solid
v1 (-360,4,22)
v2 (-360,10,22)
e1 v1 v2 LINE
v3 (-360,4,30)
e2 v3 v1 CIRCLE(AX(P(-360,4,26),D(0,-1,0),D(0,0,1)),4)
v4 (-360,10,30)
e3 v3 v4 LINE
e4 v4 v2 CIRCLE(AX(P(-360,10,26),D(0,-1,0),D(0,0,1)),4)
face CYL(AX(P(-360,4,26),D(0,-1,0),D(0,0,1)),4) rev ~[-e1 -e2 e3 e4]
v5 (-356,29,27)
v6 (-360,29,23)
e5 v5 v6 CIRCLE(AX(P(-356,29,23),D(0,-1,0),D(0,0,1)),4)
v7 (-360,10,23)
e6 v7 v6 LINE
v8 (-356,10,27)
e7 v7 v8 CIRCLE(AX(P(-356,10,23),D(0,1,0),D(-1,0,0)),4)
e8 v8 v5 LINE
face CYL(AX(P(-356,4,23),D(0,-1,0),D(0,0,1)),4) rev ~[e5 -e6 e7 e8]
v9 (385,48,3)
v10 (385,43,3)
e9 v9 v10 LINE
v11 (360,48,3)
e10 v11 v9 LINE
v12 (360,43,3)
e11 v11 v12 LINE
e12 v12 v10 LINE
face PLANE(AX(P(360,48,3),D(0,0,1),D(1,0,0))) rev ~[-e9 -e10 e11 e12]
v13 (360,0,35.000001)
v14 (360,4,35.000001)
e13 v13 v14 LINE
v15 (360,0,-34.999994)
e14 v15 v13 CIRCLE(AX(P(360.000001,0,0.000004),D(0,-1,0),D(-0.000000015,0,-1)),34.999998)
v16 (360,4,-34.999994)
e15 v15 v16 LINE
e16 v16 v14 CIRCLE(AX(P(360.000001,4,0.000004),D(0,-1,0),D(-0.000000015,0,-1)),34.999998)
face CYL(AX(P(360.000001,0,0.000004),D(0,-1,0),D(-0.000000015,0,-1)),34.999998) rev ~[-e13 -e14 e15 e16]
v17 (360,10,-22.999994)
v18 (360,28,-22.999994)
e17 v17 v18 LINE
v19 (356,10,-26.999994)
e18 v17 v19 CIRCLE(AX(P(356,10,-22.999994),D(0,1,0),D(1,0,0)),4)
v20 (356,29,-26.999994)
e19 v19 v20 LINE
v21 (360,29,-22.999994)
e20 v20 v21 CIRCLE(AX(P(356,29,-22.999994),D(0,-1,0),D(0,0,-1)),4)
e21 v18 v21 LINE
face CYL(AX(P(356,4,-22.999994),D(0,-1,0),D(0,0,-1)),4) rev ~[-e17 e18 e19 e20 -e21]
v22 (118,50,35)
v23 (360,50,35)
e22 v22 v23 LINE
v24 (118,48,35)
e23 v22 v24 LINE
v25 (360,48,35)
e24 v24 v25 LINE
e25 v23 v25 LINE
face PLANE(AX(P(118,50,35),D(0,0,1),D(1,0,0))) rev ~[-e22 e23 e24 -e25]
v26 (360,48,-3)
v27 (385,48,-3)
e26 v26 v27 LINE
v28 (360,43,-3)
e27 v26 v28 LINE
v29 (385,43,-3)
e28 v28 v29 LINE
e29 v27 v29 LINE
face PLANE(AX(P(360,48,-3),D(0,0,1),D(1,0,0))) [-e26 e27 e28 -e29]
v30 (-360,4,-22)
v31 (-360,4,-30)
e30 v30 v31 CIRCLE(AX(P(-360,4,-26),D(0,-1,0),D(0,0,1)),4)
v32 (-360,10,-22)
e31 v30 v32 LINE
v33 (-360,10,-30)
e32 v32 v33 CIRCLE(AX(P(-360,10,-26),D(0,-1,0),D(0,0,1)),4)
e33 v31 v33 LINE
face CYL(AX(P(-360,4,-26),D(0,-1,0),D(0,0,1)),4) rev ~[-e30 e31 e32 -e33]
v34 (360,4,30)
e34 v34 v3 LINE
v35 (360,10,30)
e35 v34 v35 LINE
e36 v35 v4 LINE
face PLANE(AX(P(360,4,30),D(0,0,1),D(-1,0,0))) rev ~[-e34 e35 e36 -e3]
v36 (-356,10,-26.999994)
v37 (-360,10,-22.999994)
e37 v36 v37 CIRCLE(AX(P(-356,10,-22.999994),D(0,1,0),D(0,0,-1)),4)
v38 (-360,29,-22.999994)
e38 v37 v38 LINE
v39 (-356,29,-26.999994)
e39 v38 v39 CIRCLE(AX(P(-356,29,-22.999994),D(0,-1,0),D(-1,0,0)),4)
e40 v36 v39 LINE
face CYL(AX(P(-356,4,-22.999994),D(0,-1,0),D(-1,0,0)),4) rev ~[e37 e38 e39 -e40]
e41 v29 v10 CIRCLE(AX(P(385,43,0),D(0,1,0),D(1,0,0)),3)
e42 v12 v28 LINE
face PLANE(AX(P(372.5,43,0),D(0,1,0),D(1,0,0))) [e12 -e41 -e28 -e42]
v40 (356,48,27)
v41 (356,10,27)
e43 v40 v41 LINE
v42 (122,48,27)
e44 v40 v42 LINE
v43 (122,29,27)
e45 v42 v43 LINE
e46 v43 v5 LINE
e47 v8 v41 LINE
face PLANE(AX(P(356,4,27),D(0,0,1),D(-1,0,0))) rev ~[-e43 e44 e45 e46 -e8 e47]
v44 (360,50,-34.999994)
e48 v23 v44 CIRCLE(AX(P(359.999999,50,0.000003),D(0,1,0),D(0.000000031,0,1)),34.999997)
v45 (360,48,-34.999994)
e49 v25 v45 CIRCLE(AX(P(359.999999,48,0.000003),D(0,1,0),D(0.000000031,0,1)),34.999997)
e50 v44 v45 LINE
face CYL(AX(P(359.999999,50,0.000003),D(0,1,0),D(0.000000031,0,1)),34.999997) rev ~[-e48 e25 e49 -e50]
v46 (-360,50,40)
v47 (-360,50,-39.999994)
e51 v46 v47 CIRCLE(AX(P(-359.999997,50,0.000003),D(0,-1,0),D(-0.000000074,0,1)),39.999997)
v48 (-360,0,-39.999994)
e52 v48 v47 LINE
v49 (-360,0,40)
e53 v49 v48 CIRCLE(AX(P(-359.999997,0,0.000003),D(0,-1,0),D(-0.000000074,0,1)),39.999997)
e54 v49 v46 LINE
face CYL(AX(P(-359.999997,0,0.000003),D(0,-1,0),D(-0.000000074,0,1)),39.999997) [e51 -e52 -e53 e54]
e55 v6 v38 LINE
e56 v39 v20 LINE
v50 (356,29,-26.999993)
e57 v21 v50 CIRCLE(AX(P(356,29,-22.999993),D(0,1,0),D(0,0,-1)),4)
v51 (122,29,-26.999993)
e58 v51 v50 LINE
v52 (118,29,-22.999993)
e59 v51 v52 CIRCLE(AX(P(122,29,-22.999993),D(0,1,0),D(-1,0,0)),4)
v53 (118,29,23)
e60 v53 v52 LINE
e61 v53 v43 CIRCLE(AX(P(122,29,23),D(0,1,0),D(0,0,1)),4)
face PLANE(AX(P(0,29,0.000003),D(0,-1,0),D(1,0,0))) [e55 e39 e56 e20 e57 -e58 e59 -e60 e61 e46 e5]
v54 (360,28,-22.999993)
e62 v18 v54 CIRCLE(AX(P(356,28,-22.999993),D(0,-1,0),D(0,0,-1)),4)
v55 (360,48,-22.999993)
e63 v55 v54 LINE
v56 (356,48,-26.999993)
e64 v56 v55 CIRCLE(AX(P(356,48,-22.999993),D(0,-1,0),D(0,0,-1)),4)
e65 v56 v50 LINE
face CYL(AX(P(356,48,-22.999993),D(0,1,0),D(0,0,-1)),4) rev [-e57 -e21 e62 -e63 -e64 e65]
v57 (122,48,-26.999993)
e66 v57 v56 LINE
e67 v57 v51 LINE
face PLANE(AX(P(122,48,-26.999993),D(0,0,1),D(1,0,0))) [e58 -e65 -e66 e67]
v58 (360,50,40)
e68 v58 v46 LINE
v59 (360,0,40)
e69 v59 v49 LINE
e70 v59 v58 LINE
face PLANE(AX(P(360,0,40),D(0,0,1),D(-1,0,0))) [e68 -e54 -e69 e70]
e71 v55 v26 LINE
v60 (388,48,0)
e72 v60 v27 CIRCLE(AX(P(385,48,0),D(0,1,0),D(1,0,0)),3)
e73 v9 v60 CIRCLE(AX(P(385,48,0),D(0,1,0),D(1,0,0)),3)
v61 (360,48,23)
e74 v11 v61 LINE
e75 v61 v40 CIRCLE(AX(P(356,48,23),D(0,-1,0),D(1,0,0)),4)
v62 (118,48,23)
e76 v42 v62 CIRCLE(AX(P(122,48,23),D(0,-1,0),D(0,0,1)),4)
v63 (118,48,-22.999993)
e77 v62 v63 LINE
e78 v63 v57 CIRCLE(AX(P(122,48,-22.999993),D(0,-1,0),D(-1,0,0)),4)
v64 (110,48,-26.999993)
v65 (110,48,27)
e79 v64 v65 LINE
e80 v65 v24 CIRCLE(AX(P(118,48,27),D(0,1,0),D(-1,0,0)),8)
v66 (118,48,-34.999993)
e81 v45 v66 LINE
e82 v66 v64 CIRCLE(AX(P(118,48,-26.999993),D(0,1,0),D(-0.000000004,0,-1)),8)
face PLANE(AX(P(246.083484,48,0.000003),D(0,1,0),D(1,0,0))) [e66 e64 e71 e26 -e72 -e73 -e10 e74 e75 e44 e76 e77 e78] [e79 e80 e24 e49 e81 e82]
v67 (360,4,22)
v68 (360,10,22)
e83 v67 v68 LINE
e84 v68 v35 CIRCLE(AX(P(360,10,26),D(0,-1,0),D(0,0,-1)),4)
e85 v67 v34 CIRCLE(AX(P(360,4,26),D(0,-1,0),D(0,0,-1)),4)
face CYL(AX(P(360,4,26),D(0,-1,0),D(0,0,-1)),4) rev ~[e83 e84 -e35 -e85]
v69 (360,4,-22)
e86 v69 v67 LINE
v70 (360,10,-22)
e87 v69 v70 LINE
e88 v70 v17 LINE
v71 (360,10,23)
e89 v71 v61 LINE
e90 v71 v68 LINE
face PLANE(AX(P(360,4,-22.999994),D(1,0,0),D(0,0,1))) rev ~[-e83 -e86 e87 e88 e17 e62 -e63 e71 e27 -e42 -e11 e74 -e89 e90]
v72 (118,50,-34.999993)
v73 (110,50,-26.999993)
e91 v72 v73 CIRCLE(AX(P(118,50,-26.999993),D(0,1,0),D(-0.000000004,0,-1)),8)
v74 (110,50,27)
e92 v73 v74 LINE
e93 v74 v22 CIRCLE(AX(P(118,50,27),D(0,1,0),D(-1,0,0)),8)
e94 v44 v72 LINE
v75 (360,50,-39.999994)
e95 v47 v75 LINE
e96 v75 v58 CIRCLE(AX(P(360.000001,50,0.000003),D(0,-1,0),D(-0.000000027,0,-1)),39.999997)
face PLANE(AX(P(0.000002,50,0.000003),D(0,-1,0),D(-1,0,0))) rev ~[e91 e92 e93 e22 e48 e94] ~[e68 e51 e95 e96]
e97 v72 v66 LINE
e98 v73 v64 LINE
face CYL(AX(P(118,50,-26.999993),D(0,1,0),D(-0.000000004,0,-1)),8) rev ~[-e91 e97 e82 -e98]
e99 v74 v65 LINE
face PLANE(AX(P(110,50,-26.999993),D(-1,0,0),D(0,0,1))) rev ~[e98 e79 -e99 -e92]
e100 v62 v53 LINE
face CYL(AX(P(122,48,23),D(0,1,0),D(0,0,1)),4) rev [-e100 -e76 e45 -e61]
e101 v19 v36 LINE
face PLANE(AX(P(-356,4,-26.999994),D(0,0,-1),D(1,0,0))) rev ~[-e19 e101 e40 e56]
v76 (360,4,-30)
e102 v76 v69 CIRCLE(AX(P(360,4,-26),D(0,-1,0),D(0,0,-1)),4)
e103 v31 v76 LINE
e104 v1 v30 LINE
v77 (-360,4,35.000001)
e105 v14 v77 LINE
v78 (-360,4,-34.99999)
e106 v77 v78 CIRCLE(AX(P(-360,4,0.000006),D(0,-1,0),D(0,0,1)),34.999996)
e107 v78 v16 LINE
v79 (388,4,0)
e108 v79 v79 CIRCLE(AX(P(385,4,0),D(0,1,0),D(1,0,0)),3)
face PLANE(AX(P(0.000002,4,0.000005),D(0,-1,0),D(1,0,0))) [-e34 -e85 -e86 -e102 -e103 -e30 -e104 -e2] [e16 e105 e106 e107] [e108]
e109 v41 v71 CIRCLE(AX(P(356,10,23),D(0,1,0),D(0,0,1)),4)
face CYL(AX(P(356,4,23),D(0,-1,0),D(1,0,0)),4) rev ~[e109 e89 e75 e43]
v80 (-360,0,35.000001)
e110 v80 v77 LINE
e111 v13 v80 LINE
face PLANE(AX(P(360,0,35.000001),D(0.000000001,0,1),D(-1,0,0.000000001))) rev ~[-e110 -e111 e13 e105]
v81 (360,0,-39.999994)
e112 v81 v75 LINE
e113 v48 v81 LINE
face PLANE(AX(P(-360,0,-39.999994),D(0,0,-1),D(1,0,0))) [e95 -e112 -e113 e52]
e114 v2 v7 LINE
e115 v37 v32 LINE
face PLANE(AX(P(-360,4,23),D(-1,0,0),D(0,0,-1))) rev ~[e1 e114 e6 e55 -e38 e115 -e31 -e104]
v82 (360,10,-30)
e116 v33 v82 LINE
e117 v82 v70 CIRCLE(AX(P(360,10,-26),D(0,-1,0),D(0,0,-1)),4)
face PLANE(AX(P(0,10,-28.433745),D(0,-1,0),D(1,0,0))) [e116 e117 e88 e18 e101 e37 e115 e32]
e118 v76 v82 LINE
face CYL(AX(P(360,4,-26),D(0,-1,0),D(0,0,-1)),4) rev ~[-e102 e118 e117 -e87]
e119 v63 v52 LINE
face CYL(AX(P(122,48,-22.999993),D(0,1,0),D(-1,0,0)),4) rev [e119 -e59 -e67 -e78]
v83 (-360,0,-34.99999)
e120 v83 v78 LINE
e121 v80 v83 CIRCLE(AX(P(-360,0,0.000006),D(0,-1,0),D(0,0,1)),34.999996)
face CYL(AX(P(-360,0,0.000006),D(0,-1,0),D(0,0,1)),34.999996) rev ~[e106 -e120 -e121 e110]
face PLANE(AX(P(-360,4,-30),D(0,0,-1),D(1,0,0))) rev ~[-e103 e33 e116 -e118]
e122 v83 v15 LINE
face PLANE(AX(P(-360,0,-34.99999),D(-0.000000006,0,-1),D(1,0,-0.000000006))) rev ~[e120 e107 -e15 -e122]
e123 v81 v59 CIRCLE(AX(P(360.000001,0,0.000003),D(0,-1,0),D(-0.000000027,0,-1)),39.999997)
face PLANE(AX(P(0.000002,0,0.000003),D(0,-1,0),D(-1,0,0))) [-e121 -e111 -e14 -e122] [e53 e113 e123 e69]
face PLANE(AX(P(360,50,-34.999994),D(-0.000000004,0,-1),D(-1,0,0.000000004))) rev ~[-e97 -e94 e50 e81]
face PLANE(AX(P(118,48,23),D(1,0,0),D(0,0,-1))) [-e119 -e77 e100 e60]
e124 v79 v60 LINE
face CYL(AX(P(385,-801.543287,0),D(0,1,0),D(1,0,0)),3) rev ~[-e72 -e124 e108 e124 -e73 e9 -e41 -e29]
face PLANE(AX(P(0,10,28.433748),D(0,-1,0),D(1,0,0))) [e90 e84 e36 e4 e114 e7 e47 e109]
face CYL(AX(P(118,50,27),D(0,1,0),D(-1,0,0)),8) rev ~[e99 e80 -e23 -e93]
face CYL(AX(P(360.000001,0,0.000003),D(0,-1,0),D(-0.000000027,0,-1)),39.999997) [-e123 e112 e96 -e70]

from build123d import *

# Parameters (mm, degrees)
BOSS_EXTRUDE1_DEPTH = 50
CUT_EXTRUDE2_DEPTH  = 4
CUT_EXTRUDE5_DEPTH  = 2
CUT_EXTRUDE7_DEPTH  = 20
CUT_EXTRUDE9_DEPTH  = 25
CUT_EXTRUDE14_DEPTH = 6
HOLE1_D             = 6
SKETCH18_W          = 25
SKETCH18_H          = 6
CUT_EXTRUDE15_DEPTH = 5


with BuildPart() as part:
    # Sketch1 → Boss-Extrude1 (new body)
    with BuildSketch(Plane(origin=(0, 0, 0), x_dir=(1, 0, 0), z_dir=(0, 1, 0))):
        with BuildLine():
            Line((-360, 39.99999406), (360, 39.99999406))
            ThreePointArc((360, 39.99999406), (399.999998105, -4.045e-06), (360, -40))
            Line((360, -40), (-360, -40))
            ThreePointArc((-360, -40), (-399.99999406, -5.94e-06), (-360, 39.99999406))
        make_face()
    extrude(amount=BOSS_EXTRUDE1_DEPTH)

    # Sketch4 → Cut-Extrude2 (cut)
    with BuildSketch(Plane.XZ):
        with BuildLine():
            Line((360, 35.000001075), (-360, 35.000001485))
            ThreePointArc((-360, 35.000001485), (-394.999995545, 5.94e-06), (-360, -34.999989605))
            Line((-360, -34.999989605), (360.000000021, -34.99999406))
            ThreePointArc((360.000000021, -34.99999406), (394.999998105, 4.055e-06), (360, 35.000001075))
        make_face()
    extrude(amount=-CUT_EXTRUDE2_DEPTH, mode=Mode.SUBTRACT)

    # Sketch6 → Cut-Extrude5 (cut)
    with BuildSketch(Plane(origin=(0, 50, 0), x_dir=(1, 0, 0), z_dir=(0, 1, 0))):
        with BuildLine():
            Line((360.000000021, 34.99999406), (117.999999967, 34.999993062))
            ThreePointArc((117.999999967, 34.999993062), (112.343145739, 32.6568473), (110, 26.999993062))
            Line((110, 26.999993062), (110, -27))
            ThreePointArc((110, -27), (112.343145751, -32.656854249), (118, -35))
            Line((118, -35), (360, -35))
            ThreePointArc((360, -35), (394.999995955, -4.055e-06), (360.000000021, 34.99999406))
        make_face()
    extrude(amount=-CUT_EXTRUDE5_DEPTH, mode=Mode.SUBTRACT)

    # Sketch7 → Cut-Extrude7 (cut)
    with BuildSketch(Plane(origin=(0, 48, 0), x_dir=(1, 0, 0), z_dir=(0, 1, 0))):
        with BuildLine():
            Line((122, 26.999992985), (356, 26.999992985))
            ThreePointArc((356, 26.999992985), (358.828427125, 25.82842011), (360, 22.999992985))
            Line((360, 22.999992985), (360, -23))
            ThreePointArc((360, -23), (358.828427125, -25.828427125), (356, -27))
            Line((356, -27), (122, -27))
            ThreePointArc((122, -27), (119.171572875, -25.828427125), (118, -23))
            Line((118, -23), (118, 22.999992985))
            ThreePointArc((118, 22.999992985), (119.171572875, 25.82842011), (122, 26.999992985))
        make_face()
    extrude(amount=-CUT_EXTRUDE7_DEPTH, mode=Mode.SUBTRACT)

    # Sketch2 → Cut-Extrude9 (cut)
    with BuildSketch(Plane.XZ.offset(-4)):
        with BuildLine():
            Line((356, 27), (-356, 27))
            ThreePointArc((-356, 27), (-358.828427125, 25.828427125), (-360, 23))
            Line((-360, 23), (-360, -22.99999406))
            ThreePointArc((-360, -22.99999406), (-358.828427125, -25.828421185), (-356, -26.99999406))
            Line((-356, -26.99999406), (356, -26.99999406))
            ThreePointArc((356, -26.99999406), (358.828427125, -25.828421185), (360, -22.99999406))
            Line((360, -22.99999406), (360, 23))
            ThreePointArc((360, 23), (358.828427125, 25.828427125), (356, 27))
        make_face()
    extrude(amount=-CUT_EXTRUDE9_DEPTH, mode=Mode.SUBTRACT)

    # Sketch15 → Cut-Extrude14 (cut)
    with BuildSketch(Plane.XZ.offset(-4)):
        with BuildLine():
            Line((-360, -30), (360, -30))
            ThreePointArc((360, -30), (364, -26), (360, -22))
            Line((360, -22), (360, -22.99999406))
            ThreePointArc((360, -22.99999406), (358.828427125, -25.828421185), (356, -26.99999406))
            Line((356, -26.99999406), (-356, -26.99999406))
            ThreePointArc((-356, -26.99999406), (-358.828427125, -25.828421185), (-360, -22.99999406))
            Line((-360, -22.99999406), (-360, -22))
            ThreePointArc((-360, -22), (-364, -26), (-360, -30))
        make_face()
        with BuildLine():
            Line((360, 23), (360, 22))
            ThreePointArc((360, 22), (364, 26), (360, 30))
            Line((360, 30), (-360, 30))
            ThreePointArc((-360, 30), (-364, 26), (-360, 22))
            Line((-360, 22), (-360, 23))
            ThreePointArc((-360, 23), (-358.828427125, 25.828427125), (-356, 27))
            Line((-356, 27), (356, 27))
            ThreePointArc((356, 27), (358.828427125, 25.828427125), (360, 23))
        make_face()
    extrude(amount=-CUT_EXTRUDE14_DEPTH, mode=Mode.SUBTRACT)

    # Hole1 (through all)
    with Locations(Plane(origin=(0, 4, 0), x_dir=(-1, 0, 0), z_dir=(0, -1, 0))):
        with Locations((-385, 0)):
            Hole(HOLE1_D / 2)

    # Sketch18 → Cut-Extrude15 (cut)
    with BuildSketch(Plane(origin=(0, 48, 0), x_dir=(1, 0, 0), z_dir=(0, 1, 0))):
        with Locations((372.5, 0)):
            Rectangle(SKETCH18_W, SKETCH18_H)
    extrude(amount=-CUT_EXTRUDE15_DEPTH, mode=Mode.SUBTRACT)


solid = part.part
